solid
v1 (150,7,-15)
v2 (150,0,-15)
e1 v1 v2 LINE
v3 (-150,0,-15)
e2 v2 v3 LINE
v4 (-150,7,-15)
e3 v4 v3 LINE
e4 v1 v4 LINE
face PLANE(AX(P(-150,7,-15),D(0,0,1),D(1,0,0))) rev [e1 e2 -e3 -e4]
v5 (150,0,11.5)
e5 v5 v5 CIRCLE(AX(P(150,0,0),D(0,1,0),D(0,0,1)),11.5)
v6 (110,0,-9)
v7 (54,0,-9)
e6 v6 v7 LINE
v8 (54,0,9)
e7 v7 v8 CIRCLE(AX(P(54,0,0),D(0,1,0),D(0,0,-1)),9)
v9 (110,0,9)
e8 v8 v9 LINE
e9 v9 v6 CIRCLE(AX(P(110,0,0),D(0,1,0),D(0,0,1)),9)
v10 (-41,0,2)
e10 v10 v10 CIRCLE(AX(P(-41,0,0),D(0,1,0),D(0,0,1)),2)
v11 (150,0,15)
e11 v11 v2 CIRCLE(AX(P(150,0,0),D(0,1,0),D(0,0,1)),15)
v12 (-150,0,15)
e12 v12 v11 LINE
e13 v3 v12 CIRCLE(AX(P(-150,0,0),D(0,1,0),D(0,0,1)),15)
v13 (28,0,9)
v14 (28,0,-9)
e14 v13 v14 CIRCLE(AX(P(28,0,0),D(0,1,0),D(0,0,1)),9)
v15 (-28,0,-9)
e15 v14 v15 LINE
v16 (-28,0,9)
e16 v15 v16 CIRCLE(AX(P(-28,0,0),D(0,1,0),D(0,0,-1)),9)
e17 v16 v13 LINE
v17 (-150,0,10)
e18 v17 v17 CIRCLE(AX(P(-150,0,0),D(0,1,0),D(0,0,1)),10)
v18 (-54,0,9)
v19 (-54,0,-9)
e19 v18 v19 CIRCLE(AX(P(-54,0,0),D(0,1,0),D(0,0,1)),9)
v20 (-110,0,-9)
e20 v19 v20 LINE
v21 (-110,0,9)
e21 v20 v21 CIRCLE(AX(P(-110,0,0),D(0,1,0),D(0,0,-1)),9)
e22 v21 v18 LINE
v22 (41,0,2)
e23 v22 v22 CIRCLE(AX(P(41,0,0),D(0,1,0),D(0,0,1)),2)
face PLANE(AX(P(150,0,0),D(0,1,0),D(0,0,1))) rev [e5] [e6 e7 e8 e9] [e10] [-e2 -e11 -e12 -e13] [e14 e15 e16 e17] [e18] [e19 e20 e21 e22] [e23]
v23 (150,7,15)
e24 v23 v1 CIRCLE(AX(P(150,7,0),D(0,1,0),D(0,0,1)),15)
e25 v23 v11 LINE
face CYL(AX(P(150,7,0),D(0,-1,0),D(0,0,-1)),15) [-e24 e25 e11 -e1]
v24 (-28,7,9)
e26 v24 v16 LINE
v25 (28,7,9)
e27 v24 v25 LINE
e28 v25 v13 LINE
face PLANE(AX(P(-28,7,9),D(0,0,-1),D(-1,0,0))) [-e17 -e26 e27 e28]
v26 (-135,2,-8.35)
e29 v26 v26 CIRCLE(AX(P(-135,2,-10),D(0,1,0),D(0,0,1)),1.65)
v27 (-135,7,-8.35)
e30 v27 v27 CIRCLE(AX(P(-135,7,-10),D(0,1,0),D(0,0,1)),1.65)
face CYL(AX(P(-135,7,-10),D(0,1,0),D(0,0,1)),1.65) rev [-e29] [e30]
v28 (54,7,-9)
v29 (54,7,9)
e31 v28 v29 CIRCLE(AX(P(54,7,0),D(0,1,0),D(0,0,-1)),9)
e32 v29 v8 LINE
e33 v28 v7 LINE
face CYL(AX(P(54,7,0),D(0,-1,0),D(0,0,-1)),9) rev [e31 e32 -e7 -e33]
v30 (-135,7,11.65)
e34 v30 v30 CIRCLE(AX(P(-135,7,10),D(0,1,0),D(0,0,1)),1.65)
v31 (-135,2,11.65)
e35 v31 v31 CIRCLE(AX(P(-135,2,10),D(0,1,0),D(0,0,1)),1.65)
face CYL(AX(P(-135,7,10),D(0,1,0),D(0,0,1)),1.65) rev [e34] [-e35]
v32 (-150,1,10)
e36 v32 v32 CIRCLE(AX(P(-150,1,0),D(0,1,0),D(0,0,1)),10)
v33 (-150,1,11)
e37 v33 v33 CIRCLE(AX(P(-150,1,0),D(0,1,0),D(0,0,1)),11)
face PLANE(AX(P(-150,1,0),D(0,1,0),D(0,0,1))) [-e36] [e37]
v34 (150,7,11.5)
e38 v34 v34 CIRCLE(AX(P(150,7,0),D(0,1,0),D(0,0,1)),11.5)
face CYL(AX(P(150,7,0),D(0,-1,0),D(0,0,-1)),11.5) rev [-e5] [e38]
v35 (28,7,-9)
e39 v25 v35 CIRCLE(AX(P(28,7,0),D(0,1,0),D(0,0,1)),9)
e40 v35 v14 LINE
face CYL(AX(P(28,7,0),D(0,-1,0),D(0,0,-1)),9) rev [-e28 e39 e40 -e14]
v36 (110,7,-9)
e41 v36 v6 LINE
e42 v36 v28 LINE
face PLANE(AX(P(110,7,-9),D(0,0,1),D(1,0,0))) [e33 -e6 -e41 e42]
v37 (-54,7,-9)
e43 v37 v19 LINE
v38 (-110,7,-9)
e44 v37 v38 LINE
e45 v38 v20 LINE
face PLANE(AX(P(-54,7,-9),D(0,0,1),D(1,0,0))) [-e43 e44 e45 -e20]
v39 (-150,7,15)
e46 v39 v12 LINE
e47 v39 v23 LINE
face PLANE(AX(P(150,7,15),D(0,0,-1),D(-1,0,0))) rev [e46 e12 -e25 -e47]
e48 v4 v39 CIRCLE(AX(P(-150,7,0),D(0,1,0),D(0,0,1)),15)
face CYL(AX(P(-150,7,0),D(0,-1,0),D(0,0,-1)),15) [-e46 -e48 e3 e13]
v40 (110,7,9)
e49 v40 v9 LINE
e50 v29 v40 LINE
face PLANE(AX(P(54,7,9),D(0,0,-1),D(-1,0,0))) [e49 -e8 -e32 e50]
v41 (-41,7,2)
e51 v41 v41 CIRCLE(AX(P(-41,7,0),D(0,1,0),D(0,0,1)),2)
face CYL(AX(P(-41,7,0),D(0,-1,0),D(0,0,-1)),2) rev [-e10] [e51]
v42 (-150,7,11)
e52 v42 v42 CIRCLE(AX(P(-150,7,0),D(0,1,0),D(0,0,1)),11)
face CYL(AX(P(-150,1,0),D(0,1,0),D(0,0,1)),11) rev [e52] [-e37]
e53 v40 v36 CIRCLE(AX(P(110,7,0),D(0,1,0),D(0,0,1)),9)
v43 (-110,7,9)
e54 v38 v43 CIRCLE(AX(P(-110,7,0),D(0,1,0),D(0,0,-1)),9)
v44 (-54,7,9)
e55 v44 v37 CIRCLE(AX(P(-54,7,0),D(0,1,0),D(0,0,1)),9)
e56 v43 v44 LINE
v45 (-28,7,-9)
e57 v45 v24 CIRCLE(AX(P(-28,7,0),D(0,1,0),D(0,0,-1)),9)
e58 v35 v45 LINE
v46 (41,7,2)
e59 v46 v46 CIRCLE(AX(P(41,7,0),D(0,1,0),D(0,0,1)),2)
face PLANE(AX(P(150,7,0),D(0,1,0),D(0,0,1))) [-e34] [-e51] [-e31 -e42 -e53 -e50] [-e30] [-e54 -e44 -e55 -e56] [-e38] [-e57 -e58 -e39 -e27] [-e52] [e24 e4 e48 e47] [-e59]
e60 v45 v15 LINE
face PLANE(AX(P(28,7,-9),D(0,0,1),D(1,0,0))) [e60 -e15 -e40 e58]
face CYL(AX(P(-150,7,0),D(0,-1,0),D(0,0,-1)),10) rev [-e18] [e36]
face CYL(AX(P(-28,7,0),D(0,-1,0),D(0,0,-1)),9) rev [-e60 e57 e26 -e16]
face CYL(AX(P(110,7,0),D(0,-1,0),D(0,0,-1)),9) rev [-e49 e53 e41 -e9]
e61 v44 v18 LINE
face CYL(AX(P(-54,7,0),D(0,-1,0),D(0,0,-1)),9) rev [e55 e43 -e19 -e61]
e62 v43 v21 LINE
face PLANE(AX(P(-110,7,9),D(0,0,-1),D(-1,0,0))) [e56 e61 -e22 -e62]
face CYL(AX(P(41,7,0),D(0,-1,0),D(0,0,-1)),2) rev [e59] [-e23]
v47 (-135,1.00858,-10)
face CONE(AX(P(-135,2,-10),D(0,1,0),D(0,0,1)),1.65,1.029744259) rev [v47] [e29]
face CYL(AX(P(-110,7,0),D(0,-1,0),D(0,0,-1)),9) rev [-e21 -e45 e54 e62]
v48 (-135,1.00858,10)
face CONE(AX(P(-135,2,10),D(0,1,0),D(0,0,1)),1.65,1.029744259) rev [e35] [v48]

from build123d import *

# Parameters (mm, degrees)
SKETCH1_R             = 11.5
SKETCH1_R_2           = 10
SKETCH1_R_3           = 2
BOSS_EXTRUDE1_DEPTH   = 7
SKETCH2_R             = 11
CUT_EXTRUDE1_DEPTH    = 6
M4_TAPPED_HOLE1_D     = 3.3
M4_TAPPED_HOLE1_DEPTH = 5
M4_TAPPED_HOLE1_TIP   = 0.991420021


with BuildPart() as part:
    # Sketch1 → Boss-Extrude1 (new body)
    with BuildSketch(Plane(origin=(0, 0, 0), x_dir=(1, 0, 0), z_dir=(0, 1, 0))):
        with BuildLine():
            Line((150, -15), (-150, -15))
            ThreePointArc((-150, -15), (-165, 0), (-150, 15))
            Line((-150, 15), (150, 15))
            ThreePointArc((150, 15), (165, 0), (150, -15))
        make_face()
        with Locations(Location((150, 0, 0), (0, 0, 270))):
            Circle(SKETCH1_R, mode=Mode.SUBTRACT)
        with Locations(Location((-150, 0, 0), (0, 0, 270))):
            Circle(SKETCH1_R_2, mode=Mode.SUBTRACT)
        with Locations(Location((40.999999907, 0, 0), (0, 0, 270))):
            Circle(SKETCH1_R_3, mode=Mode.SUBTRACT)
        with Locations(Location((-40.99999998, 0, 0), (0, 0, 270))):
            Circle(SKETCH1_R_3, mode=Mode.SUBTRACT)
        with BuildLine():
            Line((109.999999927, 9), (53.999999907, 9))
            ThreePointArc((53.999999907, 9), (44.999999907, 0), (53.999999907, -9))
            Line((53.999999907, -9), (109.999999927, -9))
            ThreePointArc((109.999999927, -9), (119, 0), (109.999999927, 9))
        make_face(mode=Mode.SUBTRACT)
        with BuildLine():
            Line((27.999999907, 9), (-28.000000112, 9))
            ThreePointArc((-28.000000112, 9), (-36.99999998, 0), (-28.000000112, -9))
            Line((-28.000000112, -9), (27.999999907, -9))
            ThreePointArc((27.999999907, -9), (36.999999907, 0), (27.999999907, 9))
        make_face(mode=Mode.SUBTRACT)
        with BuildLine():
            Line((-53.99999998, 9), (-110, 9))
            ThreePointArc((-110, 9), (-119, 0), (-110, -9))
            Line((-110, -9), (-53.99999998, -9))
            ThreePointArc((-53.99999998, -9), (-44.99999998, 0), (-53.99999998, 9))
        make_face(mode=Mode.SUBTRACT)
    extrude(amount=BOSS_EXTRUDE1_DEPTH)

    # Sketch2 → Cut-Extrude1 (cut)
    with BuildSketch(Plane(origin=(0, 7, 0), x_dir=(1, 0, 0), z_dir=(0, 1, 0))):
        with Locations(Location((-150, 0, 0), (0, 0, 270))):
            Circle(SKETCH2_R)
    extrude(amount=-CUT_EXTRUDE1_DEPTH, mode=Mode.SUBTRACT)

    # M4 Tapped Hole1
    with Locations(Plane(origin=(0, 7, 0), x_dir=(1, 0, 0), z_dir=(0, 1, 0))):
        with Locations((-135, 10), (-135, -10)):
            Hole(M4_TAPPED_HOLE1_D / 2, depth=M4_TAPPED_HOLE1_DEPTH)
            with Locations((0, 0, -(M4_TAPPED_HOLE1_DEPTH + M4_TAPPED_HOLE1_TIP / 2))):  # 118° drill point
                Cone(0, M4_TAPPED_HOLE1_D / 2, M4_TAPPED_HOLE1_TIP, mode=Mode.SUBTRACT)


solid = part.part
